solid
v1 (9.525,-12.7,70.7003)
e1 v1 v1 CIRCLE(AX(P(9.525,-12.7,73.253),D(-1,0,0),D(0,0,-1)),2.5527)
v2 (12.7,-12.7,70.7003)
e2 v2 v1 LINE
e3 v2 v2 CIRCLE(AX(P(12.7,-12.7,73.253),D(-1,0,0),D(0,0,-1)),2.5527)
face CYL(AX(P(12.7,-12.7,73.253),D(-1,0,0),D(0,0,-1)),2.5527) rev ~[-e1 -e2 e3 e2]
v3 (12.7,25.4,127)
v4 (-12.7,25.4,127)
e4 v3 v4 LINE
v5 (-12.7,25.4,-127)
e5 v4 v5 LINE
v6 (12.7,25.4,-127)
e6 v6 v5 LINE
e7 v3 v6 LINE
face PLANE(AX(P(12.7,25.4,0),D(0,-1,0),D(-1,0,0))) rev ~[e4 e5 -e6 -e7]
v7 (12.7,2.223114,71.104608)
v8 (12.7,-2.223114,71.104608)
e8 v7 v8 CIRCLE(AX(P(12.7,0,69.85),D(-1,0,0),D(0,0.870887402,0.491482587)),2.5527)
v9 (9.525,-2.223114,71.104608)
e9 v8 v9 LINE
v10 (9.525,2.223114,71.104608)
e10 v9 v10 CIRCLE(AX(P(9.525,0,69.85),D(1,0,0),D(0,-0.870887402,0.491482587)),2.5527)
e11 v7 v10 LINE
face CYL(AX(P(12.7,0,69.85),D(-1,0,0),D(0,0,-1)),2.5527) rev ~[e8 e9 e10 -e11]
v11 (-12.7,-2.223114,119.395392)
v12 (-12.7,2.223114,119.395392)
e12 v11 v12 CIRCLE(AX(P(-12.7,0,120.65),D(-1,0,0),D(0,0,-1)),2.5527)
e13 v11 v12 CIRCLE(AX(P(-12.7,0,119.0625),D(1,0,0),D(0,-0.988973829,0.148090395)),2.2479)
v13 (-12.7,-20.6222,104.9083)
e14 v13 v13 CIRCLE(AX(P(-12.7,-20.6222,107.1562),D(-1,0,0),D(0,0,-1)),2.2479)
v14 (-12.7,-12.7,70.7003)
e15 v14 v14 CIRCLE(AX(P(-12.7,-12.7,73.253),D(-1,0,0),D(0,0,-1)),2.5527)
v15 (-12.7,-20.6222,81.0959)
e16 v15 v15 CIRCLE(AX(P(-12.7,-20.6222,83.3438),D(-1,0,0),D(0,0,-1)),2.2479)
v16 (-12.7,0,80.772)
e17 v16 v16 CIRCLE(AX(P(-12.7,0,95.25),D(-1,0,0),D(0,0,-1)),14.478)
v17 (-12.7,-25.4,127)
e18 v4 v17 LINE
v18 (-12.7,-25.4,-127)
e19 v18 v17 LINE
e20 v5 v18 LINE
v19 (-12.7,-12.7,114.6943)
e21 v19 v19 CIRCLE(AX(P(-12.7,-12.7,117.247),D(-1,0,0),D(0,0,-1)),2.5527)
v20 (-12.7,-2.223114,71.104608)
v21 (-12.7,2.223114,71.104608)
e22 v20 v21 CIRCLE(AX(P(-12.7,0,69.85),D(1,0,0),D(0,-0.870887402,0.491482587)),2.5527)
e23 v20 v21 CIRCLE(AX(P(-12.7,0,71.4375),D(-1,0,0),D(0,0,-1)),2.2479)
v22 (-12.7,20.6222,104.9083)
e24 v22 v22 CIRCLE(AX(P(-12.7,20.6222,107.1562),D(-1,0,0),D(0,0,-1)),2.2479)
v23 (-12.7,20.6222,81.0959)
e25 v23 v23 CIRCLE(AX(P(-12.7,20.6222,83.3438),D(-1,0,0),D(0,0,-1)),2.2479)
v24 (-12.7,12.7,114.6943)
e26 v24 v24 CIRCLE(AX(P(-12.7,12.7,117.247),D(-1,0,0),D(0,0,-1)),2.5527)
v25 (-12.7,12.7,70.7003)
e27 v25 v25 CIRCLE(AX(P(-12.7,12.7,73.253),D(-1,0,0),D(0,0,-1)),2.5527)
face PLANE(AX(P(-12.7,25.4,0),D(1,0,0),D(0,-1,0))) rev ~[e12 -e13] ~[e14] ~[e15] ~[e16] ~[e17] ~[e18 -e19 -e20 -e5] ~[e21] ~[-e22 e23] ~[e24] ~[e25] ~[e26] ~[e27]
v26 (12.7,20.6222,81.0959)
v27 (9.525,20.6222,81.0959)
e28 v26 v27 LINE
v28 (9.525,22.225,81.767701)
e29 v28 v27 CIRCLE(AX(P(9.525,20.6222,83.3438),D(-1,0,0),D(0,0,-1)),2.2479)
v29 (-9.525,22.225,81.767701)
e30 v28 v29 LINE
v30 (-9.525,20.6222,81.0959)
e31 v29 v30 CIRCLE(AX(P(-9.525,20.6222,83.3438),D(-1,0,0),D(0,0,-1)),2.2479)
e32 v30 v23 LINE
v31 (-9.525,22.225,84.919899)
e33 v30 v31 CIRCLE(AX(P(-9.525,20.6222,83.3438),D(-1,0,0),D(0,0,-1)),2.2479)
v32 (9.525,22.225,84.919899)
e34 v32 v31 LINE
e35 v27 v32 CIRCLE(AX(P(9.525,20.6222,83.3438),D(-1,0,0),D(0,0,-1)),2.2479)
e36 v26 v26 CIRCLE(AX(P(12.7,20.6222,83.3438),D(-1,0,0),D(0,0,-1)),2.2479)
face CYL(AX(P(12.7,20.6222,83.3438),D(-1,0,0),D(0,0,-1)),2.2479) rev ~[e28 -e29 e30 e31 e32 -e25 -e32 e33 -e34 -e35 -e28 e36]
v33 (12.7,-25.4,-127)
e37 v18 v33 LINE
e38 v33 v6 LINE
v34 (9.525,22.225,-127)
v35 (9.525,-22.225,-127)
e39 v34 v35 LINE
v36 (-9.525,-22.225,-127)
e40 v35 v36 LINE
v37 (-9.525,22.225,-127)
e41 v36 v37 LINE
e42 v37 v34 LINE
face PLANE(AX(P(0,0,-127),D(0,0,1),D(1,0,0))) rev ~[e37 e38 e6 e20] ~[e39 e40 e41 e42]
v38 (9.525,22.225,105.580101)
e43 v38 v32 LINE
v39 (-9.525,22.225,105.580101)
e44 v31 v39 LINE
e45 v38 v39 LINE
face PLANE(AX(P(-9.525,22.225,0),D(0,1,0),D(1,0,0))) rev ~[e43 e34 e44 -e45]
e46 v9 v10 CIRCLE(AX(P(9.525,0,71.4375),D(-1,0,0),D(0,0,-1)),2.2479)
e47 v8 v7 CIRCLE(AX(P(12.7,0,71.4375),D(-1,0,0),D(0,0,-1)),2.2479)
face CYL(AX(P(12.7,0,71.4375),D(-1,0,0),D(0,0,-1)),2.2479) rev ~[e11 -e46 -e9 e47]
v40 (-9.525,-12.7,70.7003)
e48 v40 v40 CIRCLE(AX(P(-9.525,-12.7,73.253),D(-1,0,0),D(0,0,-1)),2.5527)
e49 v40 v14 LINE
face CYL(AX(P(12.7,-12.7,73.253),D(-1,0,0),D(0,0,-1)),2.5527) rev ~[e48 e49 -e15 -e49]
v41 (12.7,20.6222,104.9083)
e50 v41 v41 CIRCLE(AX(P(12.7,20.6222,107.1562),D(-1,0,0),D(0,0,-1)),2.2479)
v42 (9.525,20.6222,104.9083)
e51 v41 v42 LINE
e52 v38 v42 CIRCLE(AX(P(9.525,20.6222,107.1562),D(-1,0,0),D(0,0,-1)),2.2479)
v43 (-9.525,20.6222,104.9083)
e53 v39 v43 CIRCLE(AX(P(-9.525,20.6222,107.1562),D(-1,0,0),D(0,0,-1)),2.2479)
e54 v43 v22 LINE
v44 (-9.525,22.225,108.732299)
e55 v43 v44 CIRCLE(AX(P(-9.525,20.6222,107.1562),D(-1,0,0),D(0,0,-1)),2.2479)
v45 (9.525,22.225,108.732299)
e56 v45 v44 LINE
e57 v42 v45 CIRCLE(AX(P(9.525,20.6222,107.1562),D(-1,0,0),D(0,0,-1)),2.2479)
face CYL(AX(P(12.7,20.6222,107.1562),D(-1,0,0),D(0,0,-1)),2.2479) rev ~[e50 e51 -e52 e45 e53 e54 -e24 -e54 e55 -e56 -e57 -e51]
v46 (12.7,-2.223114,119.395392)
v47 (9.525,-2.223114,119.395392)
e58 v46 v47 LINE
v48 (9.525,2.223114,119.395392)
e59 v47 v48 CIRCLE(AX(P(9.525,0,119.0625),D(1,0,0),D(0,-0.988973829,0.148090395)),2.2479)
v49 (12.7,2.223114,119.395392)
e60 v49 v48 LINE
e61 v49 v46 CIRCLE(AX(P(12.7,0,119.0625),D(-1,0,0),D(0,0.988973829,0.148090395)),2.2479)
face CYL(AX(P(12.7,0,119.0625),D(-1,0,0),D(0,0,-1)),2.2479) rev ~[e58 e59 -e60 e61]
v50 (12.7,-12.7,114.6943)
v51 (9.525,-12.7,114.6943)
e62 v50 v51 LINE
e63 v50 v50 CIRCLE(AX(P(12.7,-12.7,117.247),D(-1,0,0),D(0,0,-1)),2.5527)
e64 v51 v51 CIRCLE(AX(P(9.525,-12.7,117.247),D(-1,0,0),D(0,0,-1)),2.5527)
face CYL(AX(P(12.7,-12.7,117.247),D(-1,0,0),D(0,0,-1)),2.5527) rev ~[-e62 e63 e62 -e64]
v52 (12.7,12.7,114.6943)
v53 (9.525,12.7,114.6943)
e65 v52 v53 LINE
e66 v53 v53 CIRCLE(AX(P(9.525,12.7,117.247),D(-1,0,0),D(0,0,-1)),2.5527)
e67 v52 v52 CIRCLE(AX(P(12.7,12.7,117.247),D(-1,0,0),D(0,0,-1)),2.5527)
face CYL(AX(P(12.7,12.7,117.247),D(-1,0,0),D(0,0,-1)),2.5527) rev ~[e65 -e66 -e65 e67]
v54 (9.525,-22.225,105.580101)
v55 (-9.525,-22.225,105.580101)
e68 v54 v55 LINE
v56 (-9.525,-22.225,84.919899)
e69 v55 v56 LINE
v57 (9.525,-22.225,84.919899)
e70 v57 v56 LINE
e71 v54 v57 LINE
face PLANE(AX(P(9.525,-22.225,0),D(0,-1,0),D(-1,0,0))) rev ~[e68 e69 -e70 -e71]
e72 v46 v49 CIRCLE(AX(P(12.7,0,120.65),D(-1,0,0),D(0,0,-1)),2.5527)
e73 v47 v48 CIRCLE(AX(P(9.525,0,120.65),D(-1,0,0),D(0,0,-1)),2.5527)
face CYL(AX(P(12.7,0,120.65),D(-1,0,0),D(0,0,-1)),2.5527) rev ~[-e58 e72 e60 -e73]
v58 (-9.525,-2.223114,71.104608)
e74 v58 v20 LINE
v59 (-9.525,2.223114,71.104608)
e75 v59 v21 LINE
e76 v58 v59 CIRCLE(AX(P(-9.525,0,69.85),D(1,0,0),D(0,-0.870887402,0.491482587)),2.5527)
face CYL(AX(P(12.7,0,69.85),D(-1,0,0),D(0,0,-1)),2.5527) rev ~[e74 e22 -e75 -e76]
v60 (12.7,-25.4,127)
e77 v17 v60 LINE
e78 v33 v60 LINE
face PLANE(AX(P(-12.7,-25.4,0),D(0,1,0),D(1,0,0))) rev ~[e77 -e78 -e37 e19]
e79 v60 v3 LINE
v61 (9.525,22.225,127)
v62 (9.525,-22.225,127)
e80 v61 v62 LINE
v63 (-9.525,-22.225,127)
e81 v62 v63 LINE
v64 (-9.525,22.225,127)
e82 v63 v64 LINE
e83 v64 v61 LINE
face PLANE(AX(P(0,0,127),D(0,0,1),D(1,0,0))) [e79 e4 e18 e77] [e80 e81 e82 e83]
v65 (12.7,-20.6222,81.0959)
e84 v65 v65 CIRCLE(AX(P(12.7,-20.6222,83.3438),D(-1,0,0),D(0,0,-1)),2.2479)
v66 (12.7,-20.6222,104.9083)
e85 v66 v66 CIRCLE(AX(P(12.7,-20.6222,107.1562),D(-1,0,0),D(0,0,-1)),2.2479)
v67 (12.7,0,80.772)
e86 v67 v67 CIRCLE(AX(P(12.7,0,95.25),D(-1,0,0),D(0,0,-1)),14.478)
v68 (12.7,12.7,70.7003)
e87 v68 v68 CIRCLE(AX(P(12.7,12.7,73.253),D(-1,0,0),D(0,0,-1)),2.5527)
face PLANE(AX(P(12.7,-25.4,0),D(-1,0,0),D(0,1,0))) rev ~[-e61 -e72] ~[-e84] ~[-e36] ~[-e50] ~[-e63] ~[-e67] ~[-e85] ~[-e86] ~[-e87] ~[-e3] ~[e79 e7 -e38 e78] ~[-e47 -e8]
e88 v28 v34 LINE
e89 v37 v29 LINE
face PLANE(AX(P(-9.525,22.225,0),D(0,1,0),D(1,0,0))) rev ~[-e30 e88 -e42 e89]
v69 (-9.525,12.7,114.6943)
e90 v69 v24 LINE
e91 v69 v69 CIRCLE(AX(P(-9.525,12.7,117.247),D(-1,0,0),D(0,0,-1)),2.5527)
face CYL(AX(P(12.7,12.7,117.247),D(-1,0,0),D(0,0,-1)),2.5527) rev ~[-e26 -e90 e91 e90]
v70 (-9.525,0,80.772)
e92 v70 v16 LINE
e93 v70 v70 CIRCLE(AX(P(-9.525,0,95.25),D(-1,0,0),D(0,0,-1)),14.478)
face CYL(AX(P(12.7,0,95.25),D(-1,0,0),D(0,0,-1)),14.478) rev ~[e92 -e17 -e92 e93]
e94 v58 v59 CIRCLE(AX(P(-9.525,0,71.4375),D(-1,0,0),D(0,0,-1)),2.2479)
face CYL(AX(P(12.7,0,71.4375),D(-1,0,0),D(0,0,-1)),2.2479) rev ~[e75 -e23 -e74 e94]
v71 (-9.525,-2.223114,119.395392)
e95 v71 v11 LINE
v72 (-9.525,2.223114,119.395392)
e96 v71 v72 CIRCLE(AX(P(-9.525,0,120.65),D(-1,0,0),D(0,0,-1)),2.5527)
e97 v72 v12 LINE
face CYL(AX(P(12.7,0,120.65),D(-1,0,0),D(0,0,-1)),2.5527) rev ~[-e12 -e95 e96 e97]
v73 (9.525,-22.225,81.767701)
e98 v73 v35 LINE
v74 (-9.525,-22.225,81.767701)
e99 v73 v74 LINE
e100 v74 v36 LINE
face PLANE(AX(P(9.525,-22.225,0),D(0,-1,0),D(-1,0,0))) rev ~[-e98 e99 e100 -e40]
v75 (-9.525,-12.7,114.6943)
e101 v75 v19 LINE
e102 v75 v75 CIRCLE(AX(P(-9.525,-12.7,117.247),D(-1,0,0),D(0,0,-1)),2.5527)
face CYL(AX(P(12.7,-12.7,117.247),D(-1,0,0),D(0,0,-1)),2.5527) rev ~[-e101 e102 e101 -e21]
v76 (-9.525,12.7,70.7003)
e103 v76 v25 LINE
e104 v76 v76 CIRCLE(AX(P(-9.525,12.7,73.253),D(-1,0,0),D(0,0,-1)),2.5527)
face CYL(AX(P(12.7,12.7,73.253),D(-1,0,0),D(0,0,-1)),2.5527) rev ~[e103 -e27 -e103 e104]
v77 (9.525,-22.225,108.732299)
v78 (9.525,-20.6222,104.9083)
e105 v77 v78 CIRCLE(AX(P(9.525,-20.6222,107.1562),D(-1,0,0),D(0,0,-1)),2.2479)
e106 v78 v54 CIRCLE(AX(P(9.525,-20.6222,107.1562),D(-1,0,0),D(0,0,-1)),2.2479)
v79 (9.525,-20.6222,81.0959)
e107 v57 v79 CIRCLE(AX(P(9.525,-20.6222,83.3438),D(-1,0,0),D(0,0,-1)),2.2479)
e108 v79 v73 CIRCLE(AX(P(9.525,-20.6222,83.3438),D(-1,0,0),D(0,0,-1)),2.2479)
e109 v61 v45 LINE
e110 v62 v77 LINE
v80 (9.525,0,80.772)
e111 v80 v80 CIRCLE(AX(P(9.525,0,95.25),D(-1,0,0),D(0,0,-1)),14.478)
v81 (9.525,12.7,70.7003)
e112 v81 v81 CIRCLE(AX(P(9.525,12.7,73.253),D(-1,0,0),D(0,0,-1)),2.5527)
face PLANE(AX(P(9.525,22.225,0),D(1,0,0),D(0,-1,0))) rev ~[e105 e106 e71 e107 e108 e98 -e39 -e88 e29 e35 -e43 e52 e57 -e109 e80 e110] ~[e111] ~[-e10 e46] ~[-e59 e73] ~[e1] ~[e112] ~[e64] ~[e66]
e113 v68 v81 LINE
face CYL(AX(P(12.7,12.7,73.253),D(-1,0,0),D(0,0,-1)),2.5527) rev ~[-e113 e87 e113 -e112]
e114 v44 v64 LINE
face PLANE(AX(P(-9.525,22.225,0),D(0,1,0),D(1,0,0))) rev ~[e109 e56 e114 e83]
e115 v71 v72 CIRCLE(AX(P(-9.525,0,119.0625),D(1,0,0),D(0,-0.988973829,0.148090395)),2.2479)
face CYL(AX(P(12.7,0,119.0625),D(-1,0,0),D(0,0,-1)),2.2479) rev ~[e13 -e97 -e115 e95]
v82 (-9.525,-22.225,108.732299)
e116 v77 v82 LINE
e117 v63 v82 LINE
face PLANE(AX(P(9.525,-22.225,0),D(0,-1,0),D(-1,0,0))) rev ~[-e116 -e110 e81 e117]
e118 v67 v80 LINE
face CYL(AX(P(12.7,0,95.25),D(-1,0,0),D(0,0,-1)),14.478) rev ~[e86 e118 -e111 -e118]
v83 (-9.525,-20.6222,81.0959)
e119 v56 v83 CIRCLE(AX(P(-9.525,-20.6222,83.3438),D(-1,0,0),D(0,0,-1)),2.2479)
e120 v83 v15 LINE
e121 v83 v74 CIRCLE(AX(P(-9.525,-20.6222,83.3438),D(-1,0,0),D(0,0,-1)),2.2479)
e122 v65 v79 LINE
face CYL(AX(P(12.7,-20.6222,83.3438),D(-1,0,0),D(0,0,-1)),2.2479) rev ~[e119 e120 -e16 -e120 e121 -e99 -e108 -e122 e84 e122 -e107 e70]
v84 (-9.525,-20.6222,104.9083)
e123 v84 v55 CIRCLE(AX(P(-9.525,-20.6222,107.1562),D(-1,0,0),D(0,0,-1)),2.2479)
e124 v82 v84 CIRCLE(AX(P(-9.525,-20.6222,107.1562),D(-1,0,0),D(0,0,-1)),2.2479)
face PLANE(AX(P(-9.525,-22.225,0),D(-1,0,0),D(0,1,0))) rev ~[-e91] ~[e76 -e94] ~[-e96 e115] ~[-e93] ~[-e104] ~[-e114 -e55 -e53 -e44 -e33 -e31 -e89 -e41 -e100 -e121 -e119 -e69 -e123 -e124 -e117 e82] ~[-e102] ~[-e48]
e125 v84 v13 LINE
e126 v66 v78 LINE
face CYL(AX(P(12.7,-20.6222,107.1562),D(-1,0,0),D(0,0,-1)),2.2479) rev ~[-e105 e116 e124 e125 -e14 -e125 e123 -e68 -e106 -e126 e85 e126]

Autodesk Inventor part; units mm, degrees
ref_plane "XZ Plane" through (0, 0, 0) normal (0, 1, 0) x (-1, 0, 0)
ref_plane "XY Plane" through (0, 0, 0) normal (0, 0, 1) x (1, 0, 0)
sketch "Sketch1" plane through (0, 0, 0) normal (0, 0, 1) x (1, 0, 0)
  line L0 (-12.7, -25.4) -> (12.7, -25.4)
  line L1 (12.7, -25.4) -> (12.7, 25.4)
  line L2 (12.7, 25.4) -> (-12.7, 25.4)
  line L3 (-12.7, 25.4) -> (-12.7, -25.4)
  line L4 (-12.7, -25.4) -> (12.7, 25.4) construction
  line L5 (12.7, -25.4) -> (-12.7, 25.4) construction
  line L6 (-9.525, 22.225) -> (9.525, 22.225)
  line L7 (9.525, 22.225) -> (9.525, -22.225)
  line L8 (9.525, -22.225) -> (-9.525, -22.225)
  line L9 (-9.525, -22.225) -> (-9.525, 22.225)
  point P0 (0, 0)
  dimension "width" = 25.4
  dimension "height" = 50.8
  dimension "thickness" = 3.175
extrude "Extrusion1" add sketch "Sketch1" along normal mid plane 254
sketch "Sketch2" plane through (12.7, -25.4, 127) normal (1, 0, 0) x (0, 0, -1)
  line L0 (254, 50.8) -> (254, 0) construction
  line L1 (254, 0) -> (0, 0) construction
  line L2 (0, 0) -> (0, 50.8) construction
  line L3 (0, 50.8) -> (254, 50.8) construction
  circle A0 centre (31.75, 25.4) radius 23.8125 construction
  circle A1 centre (31.75, 25.4) radius 25.4 construction
  point P0 (127, 25.4)
  point P1 (57.15, 25.4)
  point P2 (53.747, 38.1)
  point P3 (44.45, 47.397)
  point P4 (31.75, 50.8)
  point P5 (19.05, 47.397)
  point P6 (9.753, 38.1)
  point P7 (6.35, 25.4)
  point P8 (9.753, 12.7)
  point P9 (19.05, 3.403)
  point P10 (31.75, 0)
  point P11 (44.45, 3.403)
  point P12 (53.747, 12.7)
  point P13 (55.5625, 25.4)
  point P14 (43.6562, 46.0222)
  point P15 (19.8437, 46.0222)
  point P16 (7.9375, 25.4)
  point P17 (19.8437, 4.7778)
  point P18 (43.6562, 4.7778)
  dimension "d13" = 47.625
  dimension "d14" = 50.8
  dimension "d5" = 31.75
  dimension "d17" = 360
  dimension "d21" = 360
hole "Hole1" at (12.7, 0, 95.25) direction (-1, 0, 0) diameter 28.956 end through all
hole "Hole2" at (12.7, 12.7, 73.253) at (12.7, 0, 69.85) at (12.7, -12.7, 73.253) at (12.7, -12.7, 117.247) at (12.7, 0, 120.65) at (12.7, 12.7, 117.247) direction (-1, 0, 0) diameter 5.1054 end through all clearance for "Flat Head Machine Screw (82)" size "#10" standard "Ansi Unified Screw Threads"
hole "Hole3" at (12.7, -20.6222, 107.1562) at (12.7, -20.6222, 83.3438) at (12.7, 0, 119.0625) at (12.7, 20.6222, 107.1562) at (12.7, 20.6222, 83.3438) at (12.7, 0, 71.4375) direction (-1, 0, 0) diameter 4.4958 end through all clearance for "Flat Head Machine Screw (82)" size "#8" standard "Ansi Unified Screw Threads"
properties part number "CL4-002" material "Aluminum 6061"
